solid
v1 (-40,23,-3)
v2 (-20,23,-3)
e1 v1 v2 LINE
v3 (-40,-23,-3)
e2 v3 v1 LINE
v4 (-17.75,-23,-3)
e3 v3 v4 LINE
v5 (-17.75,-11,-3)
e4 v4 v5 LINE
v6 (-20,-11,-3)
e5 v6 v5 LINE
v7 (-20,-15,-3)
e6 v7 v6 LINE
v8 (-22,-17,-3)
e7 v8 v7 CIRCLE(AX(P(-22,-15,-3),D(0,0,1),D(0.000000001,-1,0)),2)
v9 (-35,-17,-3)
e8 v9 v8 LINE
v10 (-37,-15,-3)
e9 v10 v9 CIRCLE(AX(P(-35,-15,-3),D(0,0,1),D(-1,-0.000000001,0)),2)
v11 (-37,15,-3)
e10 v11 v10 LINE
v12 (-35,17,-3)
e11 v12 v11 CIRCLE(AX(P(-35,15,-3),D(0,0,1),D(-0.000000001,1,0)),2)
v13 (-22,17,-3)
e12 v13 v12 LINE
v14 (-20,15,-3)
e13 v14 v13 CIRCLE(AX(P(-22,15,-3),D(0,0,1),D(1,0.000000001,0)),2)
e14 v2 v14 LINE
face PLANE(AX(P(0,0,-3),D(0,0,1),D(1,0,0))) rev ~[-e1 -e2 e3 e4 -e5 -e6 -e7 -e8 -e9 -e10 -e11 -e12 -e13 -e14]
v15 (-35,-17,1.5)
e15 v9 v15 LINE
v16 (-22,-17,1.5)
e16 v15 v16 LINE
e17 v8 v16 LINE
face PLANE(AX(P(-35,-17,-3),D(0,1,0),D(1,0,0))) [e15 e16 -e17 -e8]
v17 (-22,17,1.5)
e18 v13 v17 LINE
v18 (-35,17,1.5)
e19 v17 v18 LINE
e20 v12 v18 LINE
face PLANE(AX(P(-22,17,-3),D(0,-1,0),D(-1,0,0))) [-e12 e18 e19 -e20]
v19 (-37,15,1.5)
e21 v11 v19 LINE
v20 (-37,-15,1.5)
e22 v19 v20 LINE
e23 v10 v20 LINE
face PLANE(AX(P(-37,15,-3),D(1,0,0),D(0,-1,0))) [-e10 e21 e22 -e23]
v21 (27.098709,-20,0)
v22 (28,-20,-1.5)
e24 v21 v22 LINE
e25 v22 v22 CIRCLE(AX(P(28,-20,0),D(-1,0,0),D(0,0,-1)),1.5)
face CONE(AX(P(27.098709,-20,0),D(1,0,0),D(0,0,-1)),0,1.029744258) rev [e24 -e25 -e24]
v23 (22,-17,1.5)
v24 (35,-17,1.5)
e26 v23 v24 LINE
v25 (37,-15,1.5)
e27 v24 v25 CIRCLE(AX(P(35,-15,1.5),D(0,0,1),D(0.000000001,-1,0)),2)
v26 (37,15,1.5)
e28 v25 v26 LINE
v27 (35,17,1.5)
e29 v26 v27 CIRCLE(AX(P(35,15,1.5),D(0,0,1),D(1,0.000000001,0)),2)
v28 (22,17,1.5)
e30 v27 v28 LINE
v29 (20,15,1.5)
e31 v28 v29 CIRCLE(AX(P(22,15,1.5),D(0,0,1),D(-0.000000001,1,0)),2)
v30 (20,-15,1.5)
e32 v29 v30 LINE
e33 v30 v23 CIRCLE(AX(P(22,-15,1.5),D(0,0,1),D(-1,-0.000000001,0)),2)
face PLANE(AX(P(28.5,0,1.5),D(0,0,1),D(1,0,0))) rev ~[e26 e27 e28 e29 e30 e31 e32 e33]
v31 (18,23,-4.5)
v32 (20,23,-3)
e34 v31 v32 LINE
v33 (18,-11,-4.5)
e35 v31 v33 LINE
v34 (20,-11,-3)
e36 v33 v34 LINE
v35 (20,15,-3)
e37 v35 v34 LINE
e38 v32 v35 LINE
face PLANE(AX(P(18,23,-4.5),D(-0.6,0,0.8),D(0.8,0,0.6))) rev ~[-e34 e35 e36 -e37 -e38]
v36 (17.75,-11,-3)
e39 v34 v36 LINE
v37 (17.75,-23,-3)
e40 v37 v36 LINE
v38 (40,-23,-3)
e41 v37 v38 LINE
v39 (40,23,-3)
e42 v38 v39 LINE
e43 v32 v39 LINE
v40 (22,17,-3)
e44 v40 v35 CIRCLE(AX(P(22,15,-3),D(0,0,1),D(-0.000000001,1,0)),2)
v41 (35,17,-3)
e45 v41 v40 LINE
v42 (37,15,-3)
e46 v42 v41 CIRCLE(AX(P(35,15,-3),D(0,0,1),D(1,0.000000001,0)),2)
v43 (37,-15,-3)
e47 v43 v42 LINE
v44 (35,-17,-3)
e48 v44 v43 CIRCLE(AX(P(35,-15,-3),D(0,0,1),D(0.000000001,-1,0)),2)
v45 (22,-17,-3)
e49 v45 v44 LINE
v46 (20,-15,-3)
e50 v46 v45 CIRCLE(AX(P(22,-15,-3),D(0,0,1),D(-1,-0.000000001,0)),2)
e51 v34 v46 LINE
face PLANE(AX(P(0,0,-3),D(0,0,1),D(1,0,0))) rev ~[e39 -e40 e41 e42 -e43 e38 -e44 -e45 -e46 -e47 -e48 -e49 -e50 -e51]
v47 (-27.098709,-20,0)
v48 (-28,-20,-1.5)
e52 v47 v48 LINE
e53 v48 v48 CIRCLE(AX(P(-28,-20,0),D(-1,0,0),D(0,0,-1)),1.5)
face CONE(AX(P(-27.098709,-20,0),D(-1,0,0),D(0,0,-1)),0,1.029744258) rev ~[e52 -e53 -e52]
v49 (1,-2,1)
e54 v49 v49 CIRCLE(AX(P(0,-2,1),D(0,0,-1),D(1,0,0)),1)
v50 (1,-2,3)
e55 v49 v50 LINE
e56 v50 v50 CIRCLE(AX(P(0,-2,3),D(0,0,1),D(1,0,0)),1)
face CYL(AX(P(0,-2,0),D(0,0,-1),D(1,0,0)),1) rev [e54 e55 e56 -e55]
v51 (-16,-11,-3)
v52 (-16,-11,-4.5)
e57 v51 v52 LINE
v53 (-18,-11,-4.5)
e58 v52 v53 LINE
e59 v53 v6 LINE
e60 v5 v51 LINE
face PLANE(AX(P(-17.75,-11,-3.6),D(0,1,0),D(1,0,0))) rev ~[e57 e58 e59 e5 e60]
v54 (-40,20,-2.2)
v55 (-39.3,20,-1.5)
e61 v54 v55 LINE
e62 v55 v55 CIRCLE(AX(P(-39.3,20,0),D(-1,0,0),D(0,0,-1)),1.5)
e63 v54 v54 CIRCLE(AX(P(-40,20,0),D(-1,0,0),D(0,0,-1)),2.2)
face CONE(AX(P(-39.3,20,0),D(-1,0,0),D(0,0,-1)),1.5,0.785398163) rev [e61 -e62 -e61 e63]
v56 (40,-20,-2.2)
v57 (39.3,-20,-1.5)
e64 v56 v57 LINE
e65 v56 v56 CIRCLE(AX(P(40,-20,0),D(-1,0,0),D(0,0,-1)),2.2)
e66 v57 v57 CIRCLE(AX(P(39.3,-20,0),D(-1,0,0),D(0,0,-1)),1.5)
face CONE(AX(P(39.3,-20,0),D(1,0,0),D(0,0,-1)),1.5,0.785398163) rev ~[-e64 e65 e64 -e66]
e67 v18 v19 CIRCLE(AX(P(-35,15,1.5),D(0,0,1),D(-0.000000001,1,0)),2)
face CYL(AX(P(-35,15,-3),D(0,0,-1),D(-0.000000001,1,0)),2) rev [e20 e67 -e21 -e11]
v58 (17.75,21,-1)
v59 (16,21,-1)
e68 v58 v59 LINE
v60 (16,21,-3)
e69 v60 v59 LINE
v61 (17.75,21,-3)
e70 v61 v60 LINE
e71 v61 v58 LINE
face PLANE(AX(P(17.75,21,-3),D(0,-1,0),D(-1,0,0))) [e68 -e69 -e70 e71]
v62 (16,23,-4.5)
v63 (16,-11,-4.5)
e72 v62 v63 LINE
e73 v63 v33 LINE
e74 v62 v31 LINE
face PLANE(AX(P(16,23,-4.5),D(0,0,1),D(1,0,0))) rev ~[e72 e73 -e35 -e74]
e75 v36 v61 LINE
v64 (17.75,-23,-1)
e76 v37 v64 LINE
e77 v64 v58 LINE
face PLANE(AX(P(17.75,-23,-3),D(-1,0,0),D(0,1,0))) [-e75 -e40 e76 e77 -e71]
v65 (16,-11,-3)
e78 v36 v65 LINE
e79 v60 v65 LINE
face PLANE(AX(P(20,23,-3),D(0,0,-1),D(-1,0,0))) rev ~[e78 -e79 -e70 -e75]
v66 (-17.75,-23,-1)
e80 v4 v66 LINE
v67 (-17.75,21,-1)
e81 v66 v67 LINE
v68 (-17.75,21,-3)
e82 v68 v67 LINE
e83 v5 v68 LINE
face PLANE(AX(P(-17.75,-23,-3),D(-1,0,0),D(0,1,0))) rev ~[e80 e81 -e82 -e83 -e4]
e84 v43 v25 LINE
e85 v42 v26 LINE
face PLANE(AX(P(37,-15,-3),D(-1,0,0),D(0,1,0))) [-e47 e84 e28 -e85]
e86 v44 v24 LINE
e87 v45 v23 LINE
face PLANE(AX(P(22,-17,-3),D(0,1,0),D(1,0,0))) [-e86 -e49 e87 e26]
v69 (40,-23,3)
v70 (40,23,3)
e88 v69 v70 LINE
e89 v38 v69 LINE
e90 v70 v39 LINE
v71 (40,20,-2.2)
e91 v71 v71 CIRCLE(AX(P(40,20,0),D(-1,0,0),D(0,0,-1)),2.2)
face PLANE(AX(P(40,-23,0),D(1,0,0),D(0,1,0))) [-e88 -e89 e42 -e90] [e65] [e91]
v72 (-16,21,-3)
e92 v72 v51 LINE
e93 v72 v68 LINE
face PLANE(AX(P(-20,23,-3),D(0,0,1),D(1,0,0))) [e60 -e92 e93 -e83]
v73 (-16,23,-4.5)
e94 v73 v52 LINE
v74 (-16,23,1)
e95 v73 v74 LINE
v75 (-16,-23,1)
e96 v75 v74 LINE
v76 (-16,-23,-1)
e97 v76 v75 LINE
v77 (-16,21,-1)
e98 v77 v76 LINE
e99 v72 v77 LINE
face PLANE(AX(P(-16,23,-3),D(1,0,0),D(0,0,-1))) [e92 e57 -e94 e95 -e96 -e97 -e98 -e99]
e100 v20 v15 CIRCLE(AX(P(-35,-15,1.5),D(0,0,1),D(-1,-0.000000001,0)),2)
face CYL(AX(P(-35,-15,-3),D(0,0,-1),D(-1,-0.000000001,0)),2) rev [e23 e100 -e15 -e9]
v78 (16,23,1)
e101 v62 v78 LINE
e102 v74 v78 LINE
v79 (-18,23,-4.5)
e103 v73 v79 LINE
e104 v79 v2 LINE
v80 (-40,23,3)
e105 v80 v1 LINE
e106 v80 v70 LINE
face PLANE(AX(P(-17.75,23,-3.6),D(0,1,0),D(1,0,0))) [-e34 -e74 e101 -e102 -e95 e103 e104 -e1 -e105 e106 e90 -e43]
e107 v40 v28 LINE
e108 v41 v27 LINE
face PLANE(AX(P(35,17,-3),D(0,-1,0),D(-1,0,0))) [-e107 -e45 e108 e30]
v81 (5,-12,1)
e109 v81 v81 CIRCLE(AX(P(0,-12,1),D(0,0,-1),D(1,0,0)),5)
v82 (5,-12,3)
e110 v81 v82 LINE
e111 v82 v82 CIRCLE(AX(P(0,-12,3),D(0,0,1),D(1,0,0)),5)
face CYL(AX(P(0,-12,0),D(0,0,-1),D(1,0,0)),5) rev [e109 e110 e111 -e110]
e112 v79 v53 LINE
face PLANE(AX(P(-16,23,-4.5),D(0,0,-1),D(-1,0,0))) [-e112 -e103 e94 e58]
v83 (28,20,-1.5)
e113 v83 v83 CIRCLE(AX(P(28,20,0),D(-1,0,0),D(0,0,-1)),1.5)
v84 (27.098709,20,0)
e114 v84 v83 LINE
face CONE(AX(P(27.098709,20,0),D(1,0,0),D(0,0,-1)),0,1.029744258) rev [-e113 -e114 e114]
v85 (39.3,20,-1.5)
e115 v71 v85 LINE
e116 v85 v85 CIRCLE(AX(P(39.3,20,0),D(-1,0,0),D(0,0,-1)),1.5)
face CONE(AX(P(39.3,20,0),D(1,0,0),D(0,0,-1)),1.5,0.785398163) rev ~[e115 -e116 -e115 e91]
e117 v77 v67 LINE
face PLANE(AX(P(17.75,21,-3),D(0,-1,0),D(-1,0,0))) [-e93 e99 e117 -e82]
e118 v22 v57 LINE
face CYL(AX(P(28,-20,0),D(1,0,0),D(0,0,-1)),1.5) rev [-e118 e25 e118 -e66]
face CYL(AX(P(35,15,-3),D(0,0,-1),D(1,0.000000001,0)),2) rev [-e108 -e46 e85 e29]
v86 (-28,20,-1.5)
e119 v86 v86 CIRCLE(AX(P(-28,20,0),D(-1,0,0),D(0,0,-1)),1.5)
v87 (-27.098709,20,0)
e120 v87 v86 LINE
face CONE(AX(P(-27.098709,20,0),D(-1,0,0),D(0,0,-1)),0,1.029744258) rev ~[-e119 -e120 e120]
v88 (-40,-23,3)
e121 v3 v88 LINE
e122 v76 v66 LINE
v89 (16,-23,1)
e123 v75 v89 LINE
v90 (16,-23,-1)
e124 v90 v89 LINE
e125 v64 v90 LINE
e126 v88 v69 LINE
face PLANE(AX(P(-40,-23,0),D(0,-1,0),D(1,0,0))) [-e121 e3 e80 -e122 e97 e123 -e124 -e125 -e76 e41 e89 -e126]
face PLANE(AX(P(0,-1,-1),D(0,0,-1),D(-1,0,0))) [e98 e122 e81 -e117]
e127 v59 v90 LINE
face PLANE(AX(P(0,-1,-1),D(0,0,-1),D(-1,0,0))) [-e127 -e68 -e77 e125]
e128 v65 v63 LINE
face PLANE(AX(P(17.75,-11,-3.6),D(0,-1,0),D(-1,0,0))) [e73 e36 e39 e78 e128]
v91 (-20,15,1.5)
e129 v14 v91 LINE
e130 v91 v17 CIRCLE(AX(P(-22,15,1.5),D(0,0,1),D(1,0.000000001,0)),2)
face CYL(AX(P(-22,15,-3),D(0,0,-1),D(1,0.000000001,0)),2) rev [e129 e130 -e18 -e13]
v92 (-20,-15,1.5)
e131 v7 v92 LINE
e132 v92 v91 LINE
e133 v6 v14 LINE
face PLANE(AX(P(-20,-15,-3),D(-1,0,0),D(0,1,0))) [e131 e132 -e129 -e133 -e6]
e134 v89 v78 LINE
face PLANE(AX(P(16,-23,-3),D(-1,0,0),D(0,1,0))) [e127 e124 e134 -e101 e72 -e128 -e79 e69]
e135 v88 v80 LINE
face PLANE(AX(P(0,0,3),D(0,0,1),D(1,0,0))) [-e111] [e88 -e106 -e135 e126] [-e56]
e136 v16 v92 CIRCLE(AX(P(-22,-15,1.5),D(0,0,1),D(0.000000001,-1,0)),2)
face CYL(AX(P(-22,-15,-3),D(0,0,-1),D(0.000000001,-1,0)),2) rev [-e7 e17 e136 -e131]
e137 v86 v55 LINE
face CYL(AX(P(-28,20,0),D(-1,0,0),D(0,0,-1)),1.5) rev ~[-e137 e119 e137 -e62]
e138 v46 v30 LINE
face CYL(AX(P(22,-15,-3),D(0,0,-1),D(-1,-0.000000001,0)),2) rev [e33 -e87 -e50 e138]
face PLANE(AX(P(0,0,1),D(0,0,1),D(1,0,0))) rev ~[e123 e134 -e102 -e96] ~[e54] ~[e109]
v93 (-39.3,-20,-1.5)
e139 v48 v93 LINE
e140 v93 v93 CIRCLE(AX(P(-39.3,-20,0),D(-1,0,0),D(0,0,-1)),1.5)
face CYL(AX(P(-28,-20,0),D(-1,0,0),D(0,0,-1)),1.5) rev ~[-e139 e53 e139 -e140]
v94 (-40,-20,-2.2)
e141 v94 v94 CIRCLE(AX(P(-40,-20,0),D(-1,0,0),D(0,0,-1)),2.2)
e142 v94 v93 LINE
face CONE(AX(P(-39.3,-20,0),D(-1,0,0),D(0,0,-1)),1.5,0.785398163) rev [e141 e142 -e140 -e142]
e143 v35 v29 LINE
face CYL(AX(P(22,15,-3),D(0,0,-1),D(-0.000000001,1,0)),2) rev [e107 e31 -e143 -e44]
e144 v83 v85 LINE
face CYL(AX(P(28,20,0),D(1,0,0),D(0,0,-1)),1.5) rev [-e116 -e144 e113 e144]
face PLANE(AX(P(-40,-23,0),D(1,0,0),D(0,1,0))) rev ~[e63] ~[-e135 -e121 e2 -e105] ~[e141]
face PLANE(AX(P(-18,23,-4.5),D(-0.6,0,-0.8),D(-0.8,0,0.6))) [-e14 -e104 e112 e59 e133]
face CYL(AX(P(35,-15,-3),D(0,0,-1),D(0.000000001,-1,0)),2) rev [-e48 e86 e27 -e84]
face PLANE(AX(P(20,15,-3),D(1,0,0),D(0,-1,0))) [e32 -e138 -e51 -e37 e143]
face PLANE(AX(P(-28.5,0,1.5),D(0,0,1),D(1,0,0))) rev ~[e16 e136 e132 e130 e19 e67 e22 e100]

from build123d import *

# Parameters (mm, degrees)
SKIZZE1_W                               = 80
SKIZZE1_H                               = 46
SKIZZE1_R                               = 5
SKIZZE1_R_2                             = 1
AUFSATZ_LINEAR_AUSTRAGEN1_DEPTH         = 3
AUFSATZ_LINEAR_AUSTRAGEN1_DEPTH_BACK    = 3
F_3_0_3_DURCHMESSER_BOHRUNG1_AT_2_COUNT = 2
F_3_0_3_DURCHMESSER_BOHRUNG1_AT_2_PITCH = 40
SKIZZE4_W                               = 32
SKIZZE4_H                               = 46
SCHNITT_LINEAR_AUSTRAGEN1_DEPTH         = 4
SCHNITT_LINEAR_AUSTRAGEN3_DEPTH         = 4.5
SKIZZE9_W                               = 35.5
SKIZZE9_H                               = 44
SCHNITT_LINEAR_AUSTRAGEN5_DEPTH         = 2
AUFSATZ_LINEAR_AUSTRAGEN2_DEPTH         = 34
FASE1_SIZE                              = 0.7


with BuildPart() as part:
    # Skizze1 → Aufsatz-Linear austragen1 (new body, two sides)
    with BuildSketch(Plane.XY) as aufsatz_linear_austragen1_sk:
        Rectangle(SKIZZE1_W, SKIZZE1_H)
        with Locations((0, -12)):
            Circle(SKIZZE1_R, mode=Mode.SUBTRACT)
        with Locations((0, -2)):
            Circle(SKIZZE1_R_2, mode=Mode.SUBTRACT)
    extrude(amount=AUFSATZ_LINEAR_AUSTRAGEN1_DEPTH)
    extrude(aufsatz_linear_austragen1_sk.sketch, amount=-AUFSATZ_LINEAR_AUSTRAGEN1_DEPTH_BACK)

    # Skizze2 → Ø3.0 (3) Durchmesser Bohrung1 (revolve, cut)
    with BuildSketch(Plane(origin=(40, -20, 0), x_dir=(0, 0, -1), z_dir=(0, 1, 0))):
        Polygon((0, 0), (0, 12.901290929), (1.5, 12), (1.5, 0), align=None)
    f_3_0_3_durchmesser_bohrung1 = revolve(axis=Axis((46.35, -20, 0), (-1, 0, 0)), mode=Mode.SUBTRACT)

    # Ø3.0 (3) Durchmesser Bohrung1 at 2: Ø3.0 (3) Durchmesser Bohrung1 ×2
    with Locations(*[(0, i * F_3_0_3_DURCHMESSER_BOHRUNG1_AT_2_PITCH, 0) for i in range(1, F_3_0_3_DURCHMESSER_BOHRUNG1_AT_2_COUNT)]):
        add(f_3_0_3_durchmesser_bohrung1, mode=Mode.SUBTRACT)

    # Spiegeln1: Ø3.0 (3) Durchmesser Bohrung1 across plane
    add(f_3_0_3_durchmesser_bohrung1.mirror(Plane(origin=(0, 0, 0), x_dir=(0, 0, 1), z_dir=(1, 0, 0))), mode=Mode.SUBTRACT)

    # Spiegeln1 copy 1 sketch → Spiegeln1 copy 1 (revolve, cut)
    with BuildSketch(Plane(origin=(-40, 20, 0), x_dir=(0, 0, -1), z_dir=(0, 1, 0))):
        Polygon((0, 0), (0, -12.901290929), (1.5, -12), (1.5, 0), align=None)
    revolve(axis=Axis((-46.35, 20, 0), (-1, 0, 0)), mode=Mode.SUBTRACT)

    # Skizze4 → Schnitt-Linear austragen1 (cut)
    with BuildSketch(Plane.XY.offset(-3)):
        Rectangle(SKIZZE4_W, SKIZZE4_H)
    extrude(amount=SCHNITT_LINEAR_AUSTRAGEN1_DEPTH, mode=Mode.SUBTRACT)

    # Skizze6 → Schnitt-Linear austragen3 (cut)
    with BuildSketch(Plane(origin=(0, 0, -3), x_dir=(-1, 0, 0), z_dir=(0, 0, -1))):
        with BuildLine():
            Line((37, 15), (37, -15))
            ThreePointArc((37, -15), (36.414213562, -16.414213562), (35, -17))
            Line((35, -17), (22, -17))
            ThreePointArc((22, -17), (20.585786438, -16.414213562), (20, -15))
            Line((20, -15), (20, 15))
            ThreePointArc((20, 15), (20.585786438, 16.414213562), (22, 17))
            Line((22, 17), (35, 17))
            ThreePointArc((35, 17), (36.414213562, 16.414213562), (37, 15))
        make_face()
        with BuildLine():
            Line((-35, 17), (-22, 17))
            ThreePointArc((-22, 17), (-20.585786438, 16.414213562), (-20, 15))
            Line((-20, 15), (-20, -15))
            ThreePointArc((-20, -15), (-20.585786438, -16.414213562), (-22, -17))
            Line((-22, -17), (-35, -17))
            ThreePointArc((-35, -17), (-36.414213562, -16.414213562), (-37, -15))
            Line((-37, -15), (-37, 15))
            ThreePointArc((-37, 15), (-36.414213562, 16.414213562), (-35, 17))
        make_face()
    extrude(amount=-SCHNITT_LINEAR_AUSTRAGEN3_DEPTH, mode=Mode.SUBTRACT)

    # Skizze9 → Schnitt-Linear austragen5 (cut)
    with BuildSketch(Plane(origin=(0, 0, -3), x_dir=(-1, 0, 0), z_dir=(0, 0, -1))):
        with Locations((0, -1)):
            Rectangle(SKIZZE9_W, SKIZZE9_H)
    extrude(amount=-SCHNITT_LINEAR_AUSTRAGEN5_DEPTH, mode=Mode.SUBTRACT)

    # Skizze10 → Aufsatz-Linear austragen2 (add)
    with BuildSketch(Plane(origin=(0, 23, 0), x_dir=(1, 0, 0), z_dir=(0, 1, 0))):
        Polygon((-16, 3), (-16, 4.5), (-18, 4.5), (-20, 3), align=None)
        Polygon((20, 3), (16, 3), (16, 4.5), (18, 4.5), align=None)
    extrude(amount=-AUFSATZ_LINEAR_AUSTRAGEN2_DEPTH)

    # Fase1
    fase1_edges = [part.edges().sort_by_distance(p)[0] for p in [
        (40, 20, 1.5),
        (40, -20, 1.5),
        (-40, 20, 1.5),
        (-40, -20, 1.5),
    ]]
    chamfer(fase1_edges, length=FASE1_SIZE)


solid = part.part
